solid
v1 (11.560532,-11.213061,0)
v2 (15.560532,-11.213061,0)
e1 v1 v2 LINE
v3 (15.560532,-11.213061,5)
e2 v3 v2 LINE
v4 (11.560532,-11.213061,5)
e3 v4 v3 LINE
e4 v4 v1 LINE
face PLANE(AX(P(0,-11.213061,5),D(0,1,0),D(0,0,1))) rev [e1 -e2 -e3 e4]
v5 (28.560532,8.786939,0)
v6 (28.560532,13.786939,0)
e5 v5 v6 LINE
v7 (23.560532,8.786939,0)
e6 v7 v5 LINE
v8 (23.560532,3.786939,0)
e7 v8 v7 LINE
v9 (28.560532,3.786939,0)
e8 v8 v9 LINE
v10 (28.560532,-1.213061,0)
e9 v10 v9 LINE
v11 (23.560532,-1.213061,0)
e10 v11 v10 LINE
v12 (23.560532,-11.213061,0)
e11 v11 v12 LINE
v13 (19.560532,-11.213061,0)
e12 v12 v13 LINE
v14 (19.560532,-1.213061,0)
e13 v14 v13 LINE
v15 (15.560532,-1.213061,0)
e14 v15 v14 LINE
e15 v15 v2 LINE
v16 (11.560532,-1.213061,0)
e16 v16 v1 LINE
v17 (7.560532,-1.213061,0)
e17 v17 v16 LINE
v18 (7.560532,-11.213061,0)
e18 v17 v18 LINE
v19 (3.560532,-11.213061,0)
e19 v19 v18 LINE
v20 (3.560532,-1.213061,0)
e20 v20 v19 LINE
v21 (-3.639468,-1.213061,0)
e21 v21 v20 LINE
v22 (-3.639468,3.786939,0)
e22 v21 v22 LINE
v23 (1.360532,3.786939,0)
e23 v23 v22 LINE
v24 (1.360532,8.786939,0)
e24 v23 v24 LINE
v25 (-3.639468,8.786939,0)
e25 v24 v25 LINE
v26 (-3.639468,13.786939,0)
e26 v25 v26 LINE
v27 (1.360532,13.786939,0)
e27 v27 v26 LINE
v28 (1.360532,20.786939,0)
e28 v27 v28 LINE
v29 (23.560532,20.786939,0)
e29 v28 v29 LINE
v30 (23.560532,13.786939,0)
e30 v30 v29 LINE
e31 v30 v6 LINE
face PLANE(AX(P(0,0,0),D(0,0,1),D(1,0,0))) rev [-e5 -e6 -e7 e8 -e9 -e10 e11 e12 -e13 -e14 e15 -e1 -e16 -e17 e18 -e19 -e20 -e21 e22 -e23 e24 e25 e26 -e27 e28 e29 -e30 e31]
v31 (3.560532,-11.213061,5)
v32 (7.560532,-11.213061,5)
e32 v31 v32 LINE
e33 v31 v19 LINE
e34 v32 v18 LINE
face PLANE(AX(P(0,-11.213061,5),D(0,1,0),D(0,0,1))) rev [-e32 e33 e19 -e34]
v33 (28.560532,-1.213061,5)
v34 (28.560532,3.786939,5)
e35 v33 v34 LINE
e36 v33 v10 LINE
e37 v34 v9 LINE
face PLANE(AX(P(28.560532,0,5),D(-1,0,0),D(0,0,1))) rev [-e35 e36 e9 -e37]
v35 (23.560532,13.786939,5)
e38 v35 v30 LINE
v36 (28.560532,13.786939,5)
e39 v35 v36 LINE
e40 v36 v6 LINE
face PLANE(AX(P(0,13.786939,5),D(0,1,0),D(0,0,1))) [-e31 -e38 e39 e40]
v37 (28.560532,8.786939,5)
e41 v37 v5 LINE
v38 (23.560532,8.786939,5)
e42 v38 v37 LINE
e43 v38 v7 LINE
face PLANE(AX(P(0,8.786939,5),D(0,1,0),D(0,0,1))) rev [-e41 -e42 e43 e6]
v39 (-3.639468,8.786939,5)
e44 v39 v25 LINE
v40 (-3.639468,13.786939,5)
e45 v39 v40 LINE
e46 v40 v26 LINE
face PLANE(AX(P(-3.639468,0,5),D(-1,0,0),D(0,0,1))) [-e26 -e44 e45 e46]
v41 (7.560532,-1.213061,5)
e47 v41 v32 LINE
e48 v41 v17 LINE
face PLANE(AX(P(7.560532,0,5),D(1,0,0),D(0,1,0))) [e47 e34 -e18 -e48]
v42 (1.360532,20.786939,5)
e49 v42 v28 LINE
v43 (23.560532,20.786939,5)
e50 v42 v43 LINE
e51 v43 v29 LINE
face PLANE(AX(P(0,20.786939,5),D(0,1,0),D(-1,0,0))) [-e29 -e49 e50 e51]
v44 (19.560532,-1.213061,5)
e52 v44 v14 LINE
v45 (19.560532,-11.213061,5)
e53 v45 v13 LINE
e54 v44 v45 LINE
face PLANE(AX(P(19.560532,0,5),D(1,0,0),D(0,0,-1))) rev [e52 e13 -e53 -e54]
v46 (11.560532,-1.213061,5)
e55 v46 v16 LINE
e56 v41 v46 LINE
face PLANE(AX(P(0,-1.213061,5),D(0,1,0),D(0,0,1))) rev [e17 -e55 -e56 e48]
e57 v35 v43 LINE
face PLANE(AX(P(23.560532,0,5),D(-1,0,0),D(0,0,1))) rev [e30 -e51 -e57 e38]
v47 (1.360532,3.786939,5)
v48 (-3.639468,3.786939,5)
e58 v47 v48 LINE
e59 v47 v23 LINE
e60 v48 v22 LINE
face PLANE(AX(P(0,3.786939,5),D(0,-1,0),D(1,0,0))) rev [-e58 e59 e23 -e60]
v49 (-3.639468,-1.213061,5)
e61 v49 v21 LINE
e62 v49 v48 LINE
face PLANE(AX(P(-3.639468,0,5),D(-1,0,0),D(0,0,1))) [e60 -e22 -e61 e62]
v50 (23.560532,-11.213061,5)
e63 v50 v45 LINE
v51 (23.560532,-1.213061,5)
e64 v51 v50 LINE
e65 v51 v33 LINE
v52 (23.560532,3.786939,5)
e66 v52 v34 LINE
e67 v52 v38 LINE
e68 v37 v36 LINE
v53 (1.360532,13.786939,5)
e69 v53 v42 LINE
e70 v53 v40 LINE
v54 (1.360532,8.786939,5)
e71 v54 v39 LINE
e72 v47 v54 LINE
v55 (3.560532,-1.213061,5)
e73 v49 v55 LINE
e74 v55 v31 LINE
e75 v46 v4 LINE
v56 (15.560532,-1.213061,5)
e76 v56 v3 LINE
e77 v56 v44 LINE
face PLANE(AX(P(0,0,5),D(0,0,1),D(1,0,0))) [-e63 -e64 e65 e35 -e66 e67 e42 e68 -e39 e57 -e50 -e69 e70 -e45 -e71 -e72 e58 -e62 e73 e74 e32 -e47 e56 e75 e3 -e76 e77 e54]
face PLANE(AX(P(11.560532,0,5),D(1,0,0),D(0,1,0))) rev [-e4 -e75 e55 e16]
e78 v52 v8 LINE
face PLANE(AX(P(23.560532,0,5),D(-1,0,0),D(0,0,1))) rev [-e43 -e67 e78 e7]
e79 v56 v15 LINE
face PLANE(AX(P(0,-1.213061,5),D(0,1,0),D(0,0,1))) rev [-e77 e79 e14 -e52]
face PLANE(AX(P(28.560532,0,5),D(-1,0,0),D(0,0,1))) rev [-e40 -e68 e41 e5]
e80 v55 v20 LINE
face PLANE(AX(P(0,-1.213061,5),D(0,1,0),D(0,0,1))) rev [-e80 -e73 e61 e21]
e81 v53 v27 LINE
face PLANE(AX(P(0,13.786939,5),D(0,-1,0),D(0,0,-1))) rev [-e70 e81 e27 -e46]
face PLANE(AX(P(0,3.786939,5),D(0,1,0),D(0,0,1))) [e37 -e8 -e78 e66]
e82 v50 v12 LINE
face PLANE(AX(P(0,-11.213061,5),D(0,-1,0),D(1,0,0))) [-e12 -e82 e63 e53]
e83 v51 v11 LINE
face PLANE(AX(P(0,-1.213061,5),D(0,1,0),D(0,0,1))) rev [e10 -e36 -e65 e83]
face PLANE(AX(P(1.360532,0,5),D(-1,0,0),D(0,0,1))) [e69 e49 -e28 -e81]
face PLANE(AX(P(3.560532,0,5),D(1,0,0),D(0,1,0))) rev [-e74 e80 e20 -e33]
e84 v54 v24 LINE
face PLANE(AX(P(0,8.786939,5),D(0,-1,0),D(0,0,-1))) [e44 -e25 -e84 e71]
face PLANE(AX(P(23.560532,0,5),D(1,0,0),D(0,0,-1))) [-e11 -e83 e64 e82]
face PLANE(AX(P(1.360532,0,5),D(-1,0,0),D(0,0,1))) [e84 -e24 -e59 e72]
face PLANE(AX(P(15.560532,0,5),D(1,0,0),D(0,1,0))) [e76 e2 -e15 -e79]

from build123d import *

# Parameters (mm, degrees)
BOSS_EXTRU_1_DEPTH = 5


with BuildPart() as part:
    # Esquisse2 → Boss.-Extru.1 (new body)
    with BuildSketch(Plane.XY):
        Polygon((1.360531515, 3.786938771), (-3.639468485, 3.786938771), (-3.639468485, -1.213061229), (3.560531515, -1.213061229), (3.560531515, -11.213061229), (7.560531515, -11.213061229), (7.560531515, -1.213061229), (11.560531515, -1.213061229), (11.560531515, -11.213061229), (15.560531515, -11.213061229), (15.560531515, -1.213061229), (19.560531515, -1.213061229), (19.560531515, -11.213061229), (23.560531515, -11.213061229), (23.560531515, -1.213061229), (28.560531515, -1.213061229), (28.560531515, 3.786938771), (23.560531515, 3.786938771), (23.560531515, 8.786938771), (28.560531515, 8.786938771), (28.560531515, 13.786938771), (23.560531515, 13.786938771), (23.560531515, 20.786938771), (1.360531515, 20.786938771), (1.360531515, 13.786938771), (-3.639468485, 13.786938771), (-3.639468485, 8.786938771), (1.360531515, 8.786938771), align=None)
    extrude(amount=BOSS_EXTRU_1_DEPTH)


solid = part.part
